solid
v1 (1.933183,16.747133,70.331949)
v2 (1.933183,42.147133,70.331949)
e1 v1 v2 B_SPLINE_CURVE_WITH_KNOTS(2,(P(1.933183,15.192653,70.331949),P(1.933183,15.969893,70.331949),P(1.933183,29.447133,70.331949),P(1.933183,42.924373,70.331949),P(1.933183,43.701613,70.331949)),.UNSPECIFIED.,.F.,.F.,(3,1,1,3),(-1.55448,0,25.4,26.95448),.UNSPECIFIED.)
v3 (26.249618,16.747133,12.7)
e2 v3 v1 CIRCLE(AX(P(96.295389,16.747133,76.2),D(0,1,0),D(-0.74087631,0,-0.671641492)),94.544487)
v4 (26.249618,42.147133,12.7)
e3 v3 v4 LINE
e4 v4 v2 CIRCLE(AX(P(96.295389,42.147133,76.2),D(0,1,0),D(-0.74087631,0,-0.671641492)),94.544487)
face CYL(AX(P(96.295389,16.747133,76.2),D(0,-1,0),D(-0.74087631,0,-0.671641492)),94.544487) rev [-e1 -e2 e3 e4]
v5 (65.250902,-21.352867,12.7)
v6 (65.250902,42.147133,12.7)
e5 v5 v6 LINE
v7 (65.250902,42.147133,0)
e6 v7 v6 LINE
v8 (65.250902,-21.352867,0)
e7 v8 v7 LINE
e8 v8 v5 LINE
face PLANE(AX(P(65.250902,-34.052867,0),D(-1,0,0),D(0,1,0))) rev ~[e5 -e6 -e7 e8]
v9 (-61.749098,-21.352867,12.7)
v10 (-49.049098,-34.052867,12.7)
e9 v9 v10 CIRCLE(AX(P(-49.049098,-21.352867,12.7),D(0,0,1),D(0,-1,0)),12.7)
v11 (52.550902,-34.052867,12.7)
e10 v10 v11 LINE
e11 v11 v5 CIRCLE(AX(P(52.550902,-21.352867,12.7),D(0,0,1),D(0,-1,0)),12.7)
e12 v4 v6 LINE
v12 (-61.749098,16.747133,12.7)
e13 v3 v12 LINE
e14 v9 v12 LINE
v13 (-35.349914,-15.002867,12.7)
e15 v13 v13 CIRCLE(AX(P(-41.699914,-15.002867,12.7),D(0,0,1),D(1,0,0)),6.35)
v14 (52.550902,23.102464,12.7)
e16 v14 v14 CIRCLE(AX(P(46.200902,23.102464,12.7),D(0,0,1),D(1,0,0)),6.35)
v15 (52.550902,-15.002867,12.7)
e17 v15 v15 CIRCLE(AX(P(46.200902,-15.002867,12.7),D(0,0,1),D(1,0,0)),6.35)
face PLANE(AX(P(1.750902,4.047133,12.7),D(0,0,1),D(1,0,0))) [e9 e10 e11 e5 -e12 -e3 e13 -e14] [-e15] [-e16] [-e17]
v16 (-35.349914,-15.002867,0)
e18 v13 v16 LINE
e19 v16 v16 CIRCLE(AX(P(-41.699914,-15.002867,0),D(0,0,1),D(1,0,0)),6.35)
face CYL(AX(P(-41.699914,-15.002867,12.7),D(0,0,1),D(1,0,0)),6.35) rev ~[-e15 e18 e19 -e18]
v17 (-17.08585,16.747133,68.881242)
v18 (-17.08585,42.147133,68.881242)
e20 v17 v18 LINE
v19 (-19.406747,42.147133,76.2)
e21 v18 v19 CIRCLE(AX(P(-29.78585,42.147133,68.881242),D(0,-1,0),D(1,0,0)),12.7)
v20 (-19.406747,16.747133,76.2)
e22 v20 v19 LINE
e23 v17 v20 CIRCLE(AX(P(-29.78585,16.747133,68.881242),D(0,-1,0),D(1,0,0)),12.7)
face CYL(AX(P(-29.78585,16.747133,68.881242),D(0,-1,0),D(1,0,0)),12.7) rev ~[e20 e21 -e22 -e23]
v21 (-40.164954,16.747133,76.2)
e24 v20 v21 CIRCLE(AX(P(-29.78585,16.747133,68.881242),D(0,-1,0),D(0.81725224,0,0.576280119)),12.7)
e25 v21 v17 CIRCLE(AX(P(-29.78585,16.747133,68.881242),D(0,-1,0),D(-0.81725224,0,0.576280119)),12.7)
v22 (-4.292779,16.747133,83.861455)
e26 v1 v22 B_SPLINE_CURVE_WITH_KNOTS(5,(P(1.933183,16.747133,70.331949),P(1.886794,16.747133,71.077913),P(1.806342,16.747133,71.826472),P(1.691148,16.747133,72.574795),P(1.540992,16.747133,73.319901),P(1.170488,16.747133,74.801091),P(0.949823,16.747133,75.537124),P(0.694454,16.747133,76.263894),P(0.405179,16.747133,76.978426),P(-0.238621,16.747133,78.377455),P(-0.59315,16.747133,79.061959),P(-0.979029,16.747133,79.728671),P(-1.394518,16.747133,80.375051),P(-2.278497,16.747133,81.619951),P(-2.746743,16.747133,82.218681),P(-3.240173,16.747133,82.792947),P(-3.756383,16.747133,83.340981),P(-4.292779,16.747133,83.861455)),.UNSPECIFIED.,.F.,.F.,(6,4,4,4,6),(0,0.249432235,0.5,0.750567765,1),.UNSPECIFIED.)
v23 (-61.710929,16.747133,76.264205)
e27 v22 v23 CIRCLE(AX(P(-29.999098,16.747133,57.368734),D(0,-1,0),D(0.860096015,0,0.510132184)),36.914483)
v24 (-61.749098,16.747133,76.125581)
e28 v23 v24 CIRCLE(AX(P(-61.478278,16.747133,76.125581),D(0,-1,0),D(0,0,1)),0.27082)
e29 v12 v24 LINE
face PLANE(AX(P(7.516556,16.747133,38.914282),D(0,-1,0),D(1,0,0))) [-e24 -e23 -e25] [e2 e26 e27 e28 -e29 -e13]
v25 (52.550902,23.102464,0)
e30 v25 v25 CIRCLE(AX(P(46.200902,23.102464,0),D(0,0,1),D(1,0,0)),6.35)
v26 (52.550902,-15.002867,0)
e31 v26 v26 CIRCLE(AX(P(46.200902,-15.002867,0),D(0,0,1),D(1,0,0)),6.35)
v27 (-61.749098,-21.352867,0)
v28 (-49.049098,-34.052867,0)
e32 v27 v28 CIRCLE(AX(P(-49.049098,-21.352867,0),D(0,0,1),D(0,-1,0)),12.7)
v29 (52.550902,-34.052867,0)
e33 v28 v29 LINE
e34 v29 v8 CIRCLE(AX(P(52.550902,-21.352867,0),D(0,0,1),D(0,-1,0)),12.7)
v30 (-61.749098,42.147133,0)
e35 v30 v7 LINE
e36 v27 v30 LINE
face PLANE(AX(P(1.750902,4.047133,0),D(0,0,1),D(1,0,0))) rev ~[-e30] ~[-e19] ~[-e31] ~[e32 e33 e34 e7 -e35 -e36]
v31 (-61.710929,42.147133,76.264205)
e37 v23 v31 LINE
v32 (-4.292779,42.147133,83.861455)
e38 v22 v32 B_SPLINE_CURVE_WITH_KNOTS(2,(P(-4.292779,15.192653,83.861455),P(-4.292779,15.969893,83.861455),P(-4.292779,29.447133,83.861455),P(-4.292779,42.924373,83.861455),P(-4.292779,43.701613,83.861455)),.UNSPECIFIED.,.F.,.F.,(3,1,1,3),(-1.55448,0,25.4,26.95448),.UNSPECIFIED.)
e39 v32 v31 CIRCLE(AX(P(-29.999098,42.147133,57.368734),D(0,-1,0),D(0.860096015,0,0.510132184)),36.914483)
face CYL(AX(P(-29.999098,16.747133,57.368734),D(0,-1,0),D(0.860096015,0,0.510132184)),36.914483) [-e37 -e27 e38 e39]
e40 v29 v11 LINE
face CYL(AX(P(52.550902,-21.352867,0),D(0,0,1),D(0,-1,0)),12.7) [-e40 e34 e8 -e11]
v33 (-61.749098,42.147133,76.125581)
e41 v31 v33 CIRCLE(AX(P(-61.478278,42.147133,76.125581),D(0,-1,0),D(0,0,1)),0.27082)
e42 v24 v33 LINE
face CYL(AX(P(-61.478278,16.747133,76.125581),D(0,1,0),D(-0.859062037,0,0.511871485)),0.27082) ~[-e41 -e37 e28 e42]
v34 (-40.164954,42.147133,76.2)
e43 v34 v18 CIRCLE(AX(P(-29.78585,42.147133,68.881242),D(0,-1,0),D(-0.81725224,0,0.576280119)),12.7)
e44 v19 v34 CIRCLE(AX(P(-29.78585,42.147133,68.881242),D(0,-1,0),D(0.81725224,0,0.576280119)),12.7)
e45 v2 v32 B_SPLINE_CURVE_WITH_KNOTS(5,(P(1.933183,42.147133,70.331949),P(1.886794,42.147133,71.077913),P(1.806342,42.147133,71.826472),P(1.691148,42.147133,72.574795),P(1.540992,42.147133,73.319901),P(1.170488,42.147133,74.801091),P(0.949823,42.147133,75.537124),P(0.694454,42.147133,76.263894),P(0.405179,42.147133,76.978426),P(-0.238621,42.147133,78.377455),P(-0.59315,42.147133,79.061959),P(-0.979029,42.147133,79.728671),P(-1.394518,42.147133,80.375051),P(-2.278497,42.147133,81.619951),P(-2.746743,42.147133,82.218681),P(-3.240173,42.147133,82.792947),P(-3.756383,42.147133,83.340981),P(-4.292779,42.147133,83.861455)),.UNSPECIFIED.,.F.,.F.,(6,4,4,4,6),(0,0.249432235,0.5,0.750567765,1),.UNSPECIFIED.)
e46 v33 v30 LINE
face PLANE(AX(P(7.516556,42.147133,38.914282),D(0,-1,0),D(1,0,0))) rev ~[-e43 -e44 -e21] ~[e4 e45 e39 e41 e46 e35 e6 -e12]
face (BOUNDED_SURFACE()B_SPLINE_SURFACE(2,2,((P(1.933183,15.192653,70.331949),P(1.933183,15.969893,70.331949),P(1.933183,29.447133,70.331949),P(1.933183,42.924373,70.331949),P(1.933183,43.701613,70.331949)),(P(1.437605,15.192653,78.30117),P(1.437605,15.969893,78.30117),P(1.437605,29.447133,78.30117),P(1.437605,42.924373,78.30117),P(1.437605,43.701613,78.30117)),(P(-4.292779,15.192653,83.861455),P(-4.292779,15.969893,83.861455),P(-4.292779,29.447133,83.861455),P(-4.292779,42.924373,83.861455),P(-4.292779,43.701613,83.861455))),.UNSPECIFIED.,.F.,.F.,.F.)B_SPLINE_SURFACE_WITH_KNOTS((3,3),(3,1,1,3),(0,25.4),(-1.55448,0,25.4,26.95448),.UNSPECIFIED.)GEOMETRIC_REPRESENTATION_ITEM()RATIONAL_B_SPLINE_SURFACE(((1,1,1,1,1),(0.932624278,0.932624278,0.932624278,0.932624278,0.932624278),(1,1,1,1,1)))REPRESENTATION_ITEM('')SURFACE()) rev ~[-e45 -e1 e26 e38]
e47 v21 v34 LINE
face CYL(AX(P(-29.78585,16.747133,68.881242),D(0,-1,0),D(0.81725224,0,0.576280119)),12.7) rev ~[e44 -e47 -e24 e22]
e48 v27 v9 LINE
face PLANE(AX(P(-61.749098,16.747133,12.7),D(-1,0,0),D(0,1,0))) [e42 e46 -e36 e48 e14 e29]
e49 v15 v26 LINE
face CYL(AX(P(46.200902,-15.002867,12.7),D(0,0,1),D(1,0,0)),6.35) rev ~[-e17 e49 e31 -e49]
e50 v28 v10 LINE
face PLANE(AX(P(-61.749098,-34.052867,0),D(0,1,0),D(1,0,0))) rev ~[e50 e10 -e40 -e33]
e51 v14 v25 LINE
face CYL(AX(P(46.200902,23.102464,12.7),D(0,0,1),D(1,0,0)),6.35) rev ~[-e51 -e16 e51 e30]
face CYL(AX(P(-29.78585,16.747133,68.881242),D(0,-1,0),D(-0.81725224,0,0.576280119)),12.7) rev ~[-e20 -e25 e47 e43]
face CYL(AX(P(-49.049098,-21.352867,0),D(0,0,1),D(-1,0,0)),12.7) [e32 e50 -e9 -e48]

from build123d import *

# Parameters (mm, degrees)
F0_W      = 127
F0_H      = 76.2
F1_DEPTH  = 12.7
F2_R      = 12.7
F3_R      = 12.7
F4_W      = 63.5
F4_H      = 25.4
F5_DEPTH  = 63.5
F7_DEPTH  = 25.4
F8_DEPTH  = 25.4
F9_R      = 20.636463447
F11_DEPTH = 25.4010001
F12_DEPTH = 25.4010001
F13_R     = 0.2708197303
F14_R     = 6.35
F15_DEPTH = 12.7010001
F16_DEPTH = 12.7010001
F17_DEPTH = 12.7010001


with BuildPart() as f1:
    # F0 (on Top) → F1 (new body)
    with BuildSketch(Plane.XY):
        with Locations((1.7509019642, 4.0471330285)):
            Rectangle(F0_W, F0_H)
    extrude(amount=F1_DEPTH)

    # F2
    f2_edges = [f1.edges().sort_by_distance(p)[0] for p in [
        (-61.749098, -34.052867, 6.35),
    ]]
    fillet(f2_edges, radius=F2_R)

    # F3
    f3_edges = [f1.edges().sort_by_distance(p)[0] for p in [
        (65.250902, -34.052867, 6.35),
    ]]
    fillet(f3_edges, radius=F3_R)

    # F4 (on face) → F5 (join)
    with BuildSketch(Plane.XY.offset(12.7)):
        with Locations((-29.9990980358, 29.4471330285)):
            Rectangle(F4_W, F4_H)
    extrude(amount=F5_DEPTH)

    # F6 (on face) → F7 (join)
    with BuildSketch(Plane.XZ.offset(-16.7471330285)):
        with BuildLine():
            Line((-61.7490980358, 76.2), (1.7509019642, 76.2))
            ThreePointArc((1.7509019642, 76.2), (-29.9990980358, 94.2832173296), (-61.7490980358, 76.2))
        make_face()
    extrude(amount=-F7_DEPTH)

    # F6 (on face) → F8 (join)
    with BuildSketch(Plane.XZ.offset(-16.7471330285)):
        with BuildLine():
            ThreePointArc((26.2496182163, 12.7), (8.0879587681, 42.1689953939), (1.7509019642, 76.2))
            Line((1.7509019642, 76.2), (1.7509019642, 12.7))
            Line((1.7509019642, 12.7), (26.2496182163, 12.7))
        make_face()
    extrude(amount=-F8_DEPTH)

    # F9
    f9_edges = [f1.edges().sort_by_distance(p)[0] for p in [
        (1.750902, 29.447133, 76.2),
    ]]
    fillet(f9_edges, radius=F9_R)

    # F10 (on face) → F11 (cut, through all)
    with BuildSketch(Plane.XZ.offset(-16.7471330285)):
        with BuildLine():
            ThreePointArc((-40.1649535069, 76.2), (-33.624820371, 56.7753634634), (-17.0858500555, 68.8812424863))
            ThreePointArc((-17.0858500555, 68.8812424863), (-17.6799710326, 72.7202128018), (-19.4067466041, 76.2))
            Line((-19.4067466041, 76.2), (-40.1649535069, 76.2))
        make_face()
    extrude(amount=-F11_DEPTH, mode=Mode.SUBTRACT)

    # F10 (on face) → F12 (cut, through all)
    with BuildSketch(Plane.XZ.offset(-16.7471330285)):
        with BuildLine():
            Line((-40.1649535069, 76.2), (-19.4067466041, 76.2))
            ThreePointArc((-19.4067466041, 76.2), (-29.7858500555, 81.5812424863), (-40.1649535069, 76.2))
        make_face()
    extrude(amount=-F12_DEPTH, mode=Mode.SUBTRACT)

    # F13
    f13_edges = [f1.edges().sort_by_distance(p)[0] for p in [
        (-61.749098, 29.447133, 76.2),
    ]]
    fillet(f13_edges, radius=F13_R)

    # F14 (on face) → F15 (cut, through all)
    with BuildSketch(Plane.XY.offset(12.7)):
        with Locations((-41.6999144272, -15.0028669715)):
            Circle(F14_R)
    extrude(amount=-F15_DEPTH, mode=Mode.SUBTRACT)

    # F14 (on face) → F16 (cut, through all)
    with BuildSketch(Plane.XY.offset(12.7)):
        with Locations((46.2009019642, -15.0028669715)):
            Circle(F14_R)
    extrude(amount=-F16_DEPTH, mode=Mode.SUBTRACT)

    # F14 (on face) → F17 (cut, through all)
    with BuildSketch(Plane.XY.offset(12.7)):
        with Locations((46.2009019642, 23.1024639082)):
            Circle(F14_R)
    extrude(amount=-F17_DEPTH, mode=Mode.SUBTRACT)


solid = f1.part
